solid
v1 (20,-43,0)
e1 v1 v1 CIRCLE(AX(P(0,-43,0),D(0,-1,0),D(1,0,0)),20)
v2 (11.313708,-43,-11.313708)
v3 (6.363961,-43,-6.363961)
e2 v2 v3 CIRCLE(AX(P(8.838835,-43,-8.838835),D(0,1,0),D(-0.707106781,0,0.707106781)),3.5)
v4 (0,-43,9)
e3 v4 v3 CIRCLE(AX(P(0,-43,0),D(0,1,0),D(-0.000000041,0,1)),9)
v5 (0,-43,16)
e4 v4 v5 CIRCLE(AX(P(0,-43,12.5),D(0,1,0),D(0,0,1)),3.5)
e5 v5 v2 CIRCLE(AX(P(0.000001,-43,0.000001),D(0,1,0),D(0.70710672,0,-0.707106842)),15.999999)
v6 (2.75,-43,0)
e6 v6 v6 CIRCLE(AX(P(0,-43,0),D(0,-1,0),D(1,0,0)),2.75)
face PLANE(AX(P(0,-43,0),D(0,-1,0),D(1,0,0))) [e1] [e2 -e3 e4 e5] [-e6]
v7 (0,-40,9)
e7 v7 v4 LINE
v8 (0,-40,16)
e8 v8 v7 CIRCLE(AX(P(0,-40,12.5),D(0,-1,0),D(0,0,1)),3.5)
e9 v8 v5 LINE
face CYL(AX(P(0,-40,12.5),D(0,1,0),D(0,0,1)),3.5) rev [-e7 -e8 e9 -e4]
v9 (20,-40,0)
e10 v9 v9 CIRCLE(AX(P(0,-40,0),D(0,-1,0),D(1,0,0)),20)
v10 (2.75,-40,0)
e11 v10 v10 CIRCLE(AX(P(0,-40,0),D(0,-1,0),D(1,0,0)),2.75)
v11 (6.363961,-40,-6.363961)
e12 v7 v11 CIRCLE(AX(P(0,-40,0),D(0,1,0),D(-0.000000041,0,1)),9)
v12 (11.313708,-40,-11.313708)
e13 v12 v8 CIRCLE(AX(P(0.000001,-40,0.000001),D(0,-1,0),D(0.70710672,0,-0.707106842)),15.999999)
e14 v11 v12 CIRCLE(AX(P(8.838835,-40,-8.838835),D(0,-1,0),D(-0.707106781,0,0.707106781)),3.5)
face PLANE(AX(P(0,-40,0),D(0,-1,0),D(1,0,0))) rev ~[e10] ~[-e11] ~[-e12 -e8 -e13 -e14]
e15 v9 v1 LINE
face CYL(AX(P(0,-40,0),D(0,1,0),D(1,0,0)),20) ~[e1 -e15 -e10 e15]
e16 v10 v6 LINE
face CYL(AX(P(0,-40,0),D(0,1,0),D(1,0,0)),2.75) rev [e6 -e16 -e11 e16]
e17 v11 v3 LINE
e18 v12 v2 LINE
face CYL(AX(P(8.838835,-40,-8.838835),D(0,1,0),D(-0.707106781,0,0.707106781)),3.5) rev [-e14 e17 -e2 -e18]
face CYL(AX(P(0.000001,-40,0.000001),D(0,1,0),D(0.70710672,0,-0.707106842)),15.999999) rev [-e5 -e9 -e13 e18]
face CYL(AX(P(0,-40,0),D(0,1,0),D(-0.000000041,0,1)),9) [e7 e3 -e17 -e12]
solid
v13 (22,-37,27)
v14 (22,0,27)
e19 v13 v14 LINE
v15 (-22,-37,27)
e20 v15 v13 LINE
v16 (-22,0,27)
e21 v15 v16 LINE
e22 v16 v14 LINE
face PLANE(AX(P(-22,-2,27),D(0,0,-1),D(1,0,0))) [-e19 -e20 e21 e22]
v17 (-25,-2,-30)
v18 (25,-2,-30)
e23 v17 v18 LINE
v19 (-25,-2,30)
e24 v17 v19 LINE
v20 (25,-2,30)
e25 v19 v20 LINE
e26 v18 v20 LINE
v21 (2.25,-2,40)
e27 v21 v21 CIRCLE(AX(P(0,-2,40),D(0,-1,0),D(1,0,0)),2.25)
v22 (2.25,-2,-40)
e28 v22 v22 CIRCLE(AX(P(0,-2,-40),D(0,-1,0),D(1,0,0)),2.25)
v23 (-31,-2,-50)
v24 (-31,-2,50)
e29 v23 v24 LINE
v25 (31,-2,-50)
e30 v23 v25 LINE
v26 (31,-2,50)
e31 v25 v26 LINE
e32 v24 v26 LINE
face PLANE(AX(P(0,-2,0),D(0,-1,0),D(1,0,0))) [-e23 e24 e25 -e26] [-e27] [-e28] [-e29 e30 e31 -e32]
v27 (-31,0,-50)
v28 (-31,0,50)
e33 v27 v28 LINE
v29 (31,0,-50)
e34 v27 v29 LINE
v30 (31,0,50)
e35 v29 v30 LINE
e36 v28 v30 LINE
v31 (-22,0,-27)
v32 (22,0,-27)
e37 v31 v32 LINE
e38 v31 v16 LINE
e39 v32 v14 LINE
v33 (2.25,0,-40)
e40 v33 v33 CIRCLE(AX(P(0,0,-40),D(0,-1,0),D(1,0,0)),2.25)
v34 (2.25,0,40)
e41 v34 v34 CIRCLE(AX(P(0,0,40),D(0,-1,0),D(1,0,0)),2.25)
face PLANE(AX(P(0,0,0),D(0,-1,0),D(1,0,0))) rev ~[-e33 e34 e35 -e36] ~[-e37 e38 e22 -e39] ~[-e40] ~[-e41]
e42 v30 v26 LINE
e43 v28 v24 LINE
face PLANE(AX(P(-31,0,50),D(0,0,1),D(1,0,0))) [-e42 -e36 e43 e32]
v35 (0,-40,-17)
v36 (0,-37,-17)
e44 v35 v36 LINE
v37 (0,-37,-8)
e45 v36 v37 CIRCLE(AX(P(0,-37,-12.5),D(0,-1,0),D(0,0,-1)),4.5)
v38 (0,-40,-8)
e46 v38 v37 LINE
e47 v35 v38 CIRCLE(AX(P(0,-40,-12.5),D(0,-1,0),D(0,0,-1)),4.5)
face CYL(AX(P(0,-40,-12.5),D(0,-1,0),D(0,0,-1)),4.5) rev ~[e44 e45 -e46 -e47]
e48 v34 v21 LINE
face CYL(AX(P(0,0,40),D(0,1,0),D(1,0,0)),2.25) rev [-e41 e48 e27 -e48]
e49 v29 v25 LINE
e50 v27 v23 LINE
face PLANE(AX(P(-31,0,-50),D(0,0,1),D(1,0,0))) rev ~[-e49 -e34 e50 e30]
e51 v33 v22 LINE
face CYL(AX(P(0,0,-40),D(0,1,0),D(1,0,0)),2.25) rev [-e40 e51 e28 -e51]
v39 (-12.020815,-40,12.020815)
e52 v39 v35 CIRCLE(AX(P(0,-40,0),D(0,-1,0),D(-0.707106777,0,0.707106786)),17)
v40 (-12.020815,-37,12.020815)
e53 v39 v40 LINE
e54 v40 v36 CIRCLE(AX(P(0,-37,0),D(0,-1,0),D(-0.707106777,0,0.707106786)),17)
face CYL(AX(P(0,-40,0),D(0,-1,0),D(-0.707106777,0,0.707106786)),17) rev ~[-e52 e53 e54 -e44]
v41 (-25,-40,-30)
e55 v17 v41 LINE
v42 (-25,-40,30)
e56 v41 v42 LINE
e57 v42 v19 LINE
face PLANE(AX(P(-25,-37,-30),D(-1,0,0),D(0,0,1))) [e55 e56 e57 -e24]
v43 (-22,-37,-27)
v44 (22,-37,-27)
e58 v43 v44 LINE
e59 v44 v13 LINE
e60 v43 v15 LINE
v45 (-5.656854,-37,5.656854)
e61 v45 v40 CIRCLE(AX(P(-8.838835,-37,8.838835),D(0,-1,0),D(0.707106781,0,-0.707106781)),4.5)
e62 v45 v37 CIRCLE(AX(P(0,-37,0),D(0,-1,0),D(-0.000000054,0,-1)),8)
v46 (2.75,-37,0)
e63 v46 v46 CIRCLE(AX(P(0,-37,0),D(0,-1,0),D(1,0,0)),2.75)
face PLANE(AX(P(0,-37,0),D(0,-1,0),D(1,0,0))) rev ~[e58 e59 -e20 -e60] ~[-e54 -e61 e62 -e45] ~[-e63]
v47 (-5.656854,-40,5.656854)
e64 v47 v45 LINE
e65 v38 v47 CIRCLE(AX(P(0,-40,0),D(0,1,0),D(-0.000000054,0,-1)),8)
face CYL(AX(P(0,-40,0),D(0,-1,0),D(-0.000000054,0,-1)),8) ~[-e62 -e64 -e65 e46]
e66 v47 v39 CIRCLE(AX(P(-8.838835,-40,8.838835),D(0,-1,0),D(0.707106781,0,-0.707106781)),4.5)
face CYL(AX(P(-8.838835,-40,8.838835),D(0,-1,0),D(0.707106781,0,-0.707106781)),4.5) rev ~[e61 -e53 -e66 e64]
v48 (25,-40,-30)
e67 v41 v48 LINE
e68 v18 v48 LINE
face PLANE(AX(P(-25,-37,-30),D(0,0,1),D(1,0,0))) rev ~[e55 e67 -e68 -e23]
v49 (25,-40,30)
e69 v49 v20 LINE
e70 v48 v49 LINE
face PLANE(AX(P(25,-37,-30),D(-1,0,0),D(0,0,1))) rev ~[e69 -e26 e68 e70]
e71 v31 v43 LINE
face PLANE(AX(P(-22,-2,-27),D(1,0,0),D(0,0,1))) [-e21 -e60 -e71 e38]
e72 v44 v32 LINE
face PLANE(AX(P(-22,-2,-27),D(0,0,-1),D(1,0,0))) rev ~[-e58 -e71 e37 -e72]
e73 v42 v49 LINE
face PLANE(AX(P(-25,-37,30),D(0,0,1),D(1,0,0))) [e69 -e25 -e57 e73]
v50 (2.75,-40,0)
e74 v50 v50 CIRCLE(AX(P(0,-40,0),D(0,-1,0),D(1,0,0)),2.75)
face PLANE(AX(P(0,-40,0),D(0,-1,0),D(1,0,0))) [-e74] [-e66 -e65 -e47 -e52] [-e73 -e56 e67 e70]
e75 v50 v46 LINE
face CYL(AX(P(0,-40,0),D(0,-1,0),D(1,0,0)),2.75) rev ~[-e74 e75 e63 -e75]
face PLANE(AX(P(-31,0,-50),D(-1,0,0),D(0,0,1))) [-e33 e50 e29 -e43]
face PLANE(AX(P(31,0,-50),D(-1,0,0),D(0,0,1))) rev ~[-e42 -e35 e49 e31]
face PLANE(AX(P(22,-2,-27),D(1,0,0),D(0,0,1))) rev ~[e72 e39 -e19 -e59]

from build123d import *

# Parameters (mm, degrees)
F0_W      = 62
F0_H      = 100
F0_R      = 2.25
F1_DEPTH  = 2
F2_W      = 50
F2_H      = 60
F2_W_2    = 44
F2_H_2    = 54
F3_DEPTH  = 35
F3_FACE_W = 44
F3_FACE_H = 54
F4_DEPTH  = 2.001
F6_W      = 50
F6_H      = 60
F7_DEPTH  = 3
F8_R      = 20
F8_R_2    = 2.75
F11_DEPTH = 3
F14_DEPTH = 3.001
F15_DEPTH = 40.001
F16_DEPTH = 40.001


with BuildPart() as f1:
    # F0 (on Front) → F1 (new body)
    with BuildSketch(Plane.XZ):
        Rectangle(F0_W, F0_H)
        with Locations((0, -40)):
            Circle(F0_R, mode=Mode.SUBTRACT)
        with Locations((0, 40)):
            Circle(F0_R, mode=Mode.SUBTRACT)
    extrude(amount=F1_DEPTH)

    # F2 (on face) → F3 (join)
    with BuildSketch(Plane.XZ.offset(2)):
        Rectangle(F2_W, F2_H)
        Rectangle(F2_W_2, F2_H_2, mode=Mode.SUBTRACT)
    extrude(amount=F3_DEPTH)

    # F3_face (on face) → F4 (cut, through all)
    with BuildSketch(Plane.XZ.offset(2)):
        Rectangle(F3_FACE_W, F3_FACE_H)
    extrude(amount=-F4_DEPTH, mode=Mode.SUBTRACT)

    # F6 (on offset) → F7 (join)
    with BuildSketch(Plane.XZ.offset(37)):
        Rectangle(F6_W, F6_H)
    extrude(amount=F7_DEPTH)

    # F12 (on offset) → F15 (cut, through all)
    with BuildSketch(Plane.XZ.offset(40)):
        with BuildLine():
            ThreePointArc((-5.656854, 5.656854), (-5.656854, 12.020815), (-12.020815, 12.020815))
            ThreePointArc((-12.020815, 12.020815), (-15.705952, -6.505618), (0, -17))
            ThreePointArc((0, -17), (4.5, -12.5), (0, -8))
            ThreePointArc((0, -8), (-7.391036, -3.061467), (-5.656854, 5.656854))
        make_face()
    extrude(amount=-F15_DEPTH, mode=Mode.SUBTRACT)

    # F8 (on face) → F16 (cut, through all)
    with BuildSketch(Plane.XZ.offset(40)):
        Circle(F8_R_2)
    extrude(amount=-F16_DEPTH, mode=Mode.SUBTRACT)


with BuildPart() as f11:
    # F8 (on face) → F11 (new body)
    with BuildSketch(Plane.XZ.offset(40)):
        Circle(F8_R)
        with BuildLine():
            ThreePointArc((8.838835, -8.838835), (4.783543, -11.548494), (0, -12.5))
            ThreePointArc((0, -12.5), (-11.548494, -4.783543), (-8.838835, 8.838835))
            ThreePointArc((-8.838835, 8.838835), (-4.783543, 11.548494), (0, 12.5))
            ThreePointArc((0, 12.5), (11.548494, 4.783543), (8.838835, -8.838835))
        make_face(mode=Mode.SUBTRACT)
        with BuildLine():
            ThreePointArc((-8.838835, 8.838835), (-11.548494, -4.783543), (0, -12.5))
            ThreePointArc((0, -12.5), (4.783543, -11.548494), (8.838835, -8.838835))
            ThreePointArc((8.838835, -8.838835), (11.548494, 4.783543), (0, 12.5))
            ThreePointArc((0, 12.5), (-4.783543, 11.548494), (-8.838835, 8.838835))
        make_face()
        Circle(F8_R_2, mode=Mode.SUBTRACT)
    extrude(amount=F11_DEPTH)

    # F13 (on offset) → F14 (cut, through all)
    with BuildSketch(Plane.XZ.offset(40)):
        with BuildLine():
            ThreePointArc((6.363961, -6.363961), (6.363961, -11.313708), (11.313708, -11.313708))
            ThreePointArc((11.313708, -11.313708), (14.782073, 6.122935), (0, 16))
            ThreePointArc((0, 16), (-3.5, 12.5), (0, 9))
            ThreePointArc((0, 9), (8.314916, 3.444151), (6.363961, -6.363961))
        make_face()
    extrude(amount=F14_DEPTH, mode=Mode.SUBTRACT)


solid = Compound([f1.part, f11.part])
